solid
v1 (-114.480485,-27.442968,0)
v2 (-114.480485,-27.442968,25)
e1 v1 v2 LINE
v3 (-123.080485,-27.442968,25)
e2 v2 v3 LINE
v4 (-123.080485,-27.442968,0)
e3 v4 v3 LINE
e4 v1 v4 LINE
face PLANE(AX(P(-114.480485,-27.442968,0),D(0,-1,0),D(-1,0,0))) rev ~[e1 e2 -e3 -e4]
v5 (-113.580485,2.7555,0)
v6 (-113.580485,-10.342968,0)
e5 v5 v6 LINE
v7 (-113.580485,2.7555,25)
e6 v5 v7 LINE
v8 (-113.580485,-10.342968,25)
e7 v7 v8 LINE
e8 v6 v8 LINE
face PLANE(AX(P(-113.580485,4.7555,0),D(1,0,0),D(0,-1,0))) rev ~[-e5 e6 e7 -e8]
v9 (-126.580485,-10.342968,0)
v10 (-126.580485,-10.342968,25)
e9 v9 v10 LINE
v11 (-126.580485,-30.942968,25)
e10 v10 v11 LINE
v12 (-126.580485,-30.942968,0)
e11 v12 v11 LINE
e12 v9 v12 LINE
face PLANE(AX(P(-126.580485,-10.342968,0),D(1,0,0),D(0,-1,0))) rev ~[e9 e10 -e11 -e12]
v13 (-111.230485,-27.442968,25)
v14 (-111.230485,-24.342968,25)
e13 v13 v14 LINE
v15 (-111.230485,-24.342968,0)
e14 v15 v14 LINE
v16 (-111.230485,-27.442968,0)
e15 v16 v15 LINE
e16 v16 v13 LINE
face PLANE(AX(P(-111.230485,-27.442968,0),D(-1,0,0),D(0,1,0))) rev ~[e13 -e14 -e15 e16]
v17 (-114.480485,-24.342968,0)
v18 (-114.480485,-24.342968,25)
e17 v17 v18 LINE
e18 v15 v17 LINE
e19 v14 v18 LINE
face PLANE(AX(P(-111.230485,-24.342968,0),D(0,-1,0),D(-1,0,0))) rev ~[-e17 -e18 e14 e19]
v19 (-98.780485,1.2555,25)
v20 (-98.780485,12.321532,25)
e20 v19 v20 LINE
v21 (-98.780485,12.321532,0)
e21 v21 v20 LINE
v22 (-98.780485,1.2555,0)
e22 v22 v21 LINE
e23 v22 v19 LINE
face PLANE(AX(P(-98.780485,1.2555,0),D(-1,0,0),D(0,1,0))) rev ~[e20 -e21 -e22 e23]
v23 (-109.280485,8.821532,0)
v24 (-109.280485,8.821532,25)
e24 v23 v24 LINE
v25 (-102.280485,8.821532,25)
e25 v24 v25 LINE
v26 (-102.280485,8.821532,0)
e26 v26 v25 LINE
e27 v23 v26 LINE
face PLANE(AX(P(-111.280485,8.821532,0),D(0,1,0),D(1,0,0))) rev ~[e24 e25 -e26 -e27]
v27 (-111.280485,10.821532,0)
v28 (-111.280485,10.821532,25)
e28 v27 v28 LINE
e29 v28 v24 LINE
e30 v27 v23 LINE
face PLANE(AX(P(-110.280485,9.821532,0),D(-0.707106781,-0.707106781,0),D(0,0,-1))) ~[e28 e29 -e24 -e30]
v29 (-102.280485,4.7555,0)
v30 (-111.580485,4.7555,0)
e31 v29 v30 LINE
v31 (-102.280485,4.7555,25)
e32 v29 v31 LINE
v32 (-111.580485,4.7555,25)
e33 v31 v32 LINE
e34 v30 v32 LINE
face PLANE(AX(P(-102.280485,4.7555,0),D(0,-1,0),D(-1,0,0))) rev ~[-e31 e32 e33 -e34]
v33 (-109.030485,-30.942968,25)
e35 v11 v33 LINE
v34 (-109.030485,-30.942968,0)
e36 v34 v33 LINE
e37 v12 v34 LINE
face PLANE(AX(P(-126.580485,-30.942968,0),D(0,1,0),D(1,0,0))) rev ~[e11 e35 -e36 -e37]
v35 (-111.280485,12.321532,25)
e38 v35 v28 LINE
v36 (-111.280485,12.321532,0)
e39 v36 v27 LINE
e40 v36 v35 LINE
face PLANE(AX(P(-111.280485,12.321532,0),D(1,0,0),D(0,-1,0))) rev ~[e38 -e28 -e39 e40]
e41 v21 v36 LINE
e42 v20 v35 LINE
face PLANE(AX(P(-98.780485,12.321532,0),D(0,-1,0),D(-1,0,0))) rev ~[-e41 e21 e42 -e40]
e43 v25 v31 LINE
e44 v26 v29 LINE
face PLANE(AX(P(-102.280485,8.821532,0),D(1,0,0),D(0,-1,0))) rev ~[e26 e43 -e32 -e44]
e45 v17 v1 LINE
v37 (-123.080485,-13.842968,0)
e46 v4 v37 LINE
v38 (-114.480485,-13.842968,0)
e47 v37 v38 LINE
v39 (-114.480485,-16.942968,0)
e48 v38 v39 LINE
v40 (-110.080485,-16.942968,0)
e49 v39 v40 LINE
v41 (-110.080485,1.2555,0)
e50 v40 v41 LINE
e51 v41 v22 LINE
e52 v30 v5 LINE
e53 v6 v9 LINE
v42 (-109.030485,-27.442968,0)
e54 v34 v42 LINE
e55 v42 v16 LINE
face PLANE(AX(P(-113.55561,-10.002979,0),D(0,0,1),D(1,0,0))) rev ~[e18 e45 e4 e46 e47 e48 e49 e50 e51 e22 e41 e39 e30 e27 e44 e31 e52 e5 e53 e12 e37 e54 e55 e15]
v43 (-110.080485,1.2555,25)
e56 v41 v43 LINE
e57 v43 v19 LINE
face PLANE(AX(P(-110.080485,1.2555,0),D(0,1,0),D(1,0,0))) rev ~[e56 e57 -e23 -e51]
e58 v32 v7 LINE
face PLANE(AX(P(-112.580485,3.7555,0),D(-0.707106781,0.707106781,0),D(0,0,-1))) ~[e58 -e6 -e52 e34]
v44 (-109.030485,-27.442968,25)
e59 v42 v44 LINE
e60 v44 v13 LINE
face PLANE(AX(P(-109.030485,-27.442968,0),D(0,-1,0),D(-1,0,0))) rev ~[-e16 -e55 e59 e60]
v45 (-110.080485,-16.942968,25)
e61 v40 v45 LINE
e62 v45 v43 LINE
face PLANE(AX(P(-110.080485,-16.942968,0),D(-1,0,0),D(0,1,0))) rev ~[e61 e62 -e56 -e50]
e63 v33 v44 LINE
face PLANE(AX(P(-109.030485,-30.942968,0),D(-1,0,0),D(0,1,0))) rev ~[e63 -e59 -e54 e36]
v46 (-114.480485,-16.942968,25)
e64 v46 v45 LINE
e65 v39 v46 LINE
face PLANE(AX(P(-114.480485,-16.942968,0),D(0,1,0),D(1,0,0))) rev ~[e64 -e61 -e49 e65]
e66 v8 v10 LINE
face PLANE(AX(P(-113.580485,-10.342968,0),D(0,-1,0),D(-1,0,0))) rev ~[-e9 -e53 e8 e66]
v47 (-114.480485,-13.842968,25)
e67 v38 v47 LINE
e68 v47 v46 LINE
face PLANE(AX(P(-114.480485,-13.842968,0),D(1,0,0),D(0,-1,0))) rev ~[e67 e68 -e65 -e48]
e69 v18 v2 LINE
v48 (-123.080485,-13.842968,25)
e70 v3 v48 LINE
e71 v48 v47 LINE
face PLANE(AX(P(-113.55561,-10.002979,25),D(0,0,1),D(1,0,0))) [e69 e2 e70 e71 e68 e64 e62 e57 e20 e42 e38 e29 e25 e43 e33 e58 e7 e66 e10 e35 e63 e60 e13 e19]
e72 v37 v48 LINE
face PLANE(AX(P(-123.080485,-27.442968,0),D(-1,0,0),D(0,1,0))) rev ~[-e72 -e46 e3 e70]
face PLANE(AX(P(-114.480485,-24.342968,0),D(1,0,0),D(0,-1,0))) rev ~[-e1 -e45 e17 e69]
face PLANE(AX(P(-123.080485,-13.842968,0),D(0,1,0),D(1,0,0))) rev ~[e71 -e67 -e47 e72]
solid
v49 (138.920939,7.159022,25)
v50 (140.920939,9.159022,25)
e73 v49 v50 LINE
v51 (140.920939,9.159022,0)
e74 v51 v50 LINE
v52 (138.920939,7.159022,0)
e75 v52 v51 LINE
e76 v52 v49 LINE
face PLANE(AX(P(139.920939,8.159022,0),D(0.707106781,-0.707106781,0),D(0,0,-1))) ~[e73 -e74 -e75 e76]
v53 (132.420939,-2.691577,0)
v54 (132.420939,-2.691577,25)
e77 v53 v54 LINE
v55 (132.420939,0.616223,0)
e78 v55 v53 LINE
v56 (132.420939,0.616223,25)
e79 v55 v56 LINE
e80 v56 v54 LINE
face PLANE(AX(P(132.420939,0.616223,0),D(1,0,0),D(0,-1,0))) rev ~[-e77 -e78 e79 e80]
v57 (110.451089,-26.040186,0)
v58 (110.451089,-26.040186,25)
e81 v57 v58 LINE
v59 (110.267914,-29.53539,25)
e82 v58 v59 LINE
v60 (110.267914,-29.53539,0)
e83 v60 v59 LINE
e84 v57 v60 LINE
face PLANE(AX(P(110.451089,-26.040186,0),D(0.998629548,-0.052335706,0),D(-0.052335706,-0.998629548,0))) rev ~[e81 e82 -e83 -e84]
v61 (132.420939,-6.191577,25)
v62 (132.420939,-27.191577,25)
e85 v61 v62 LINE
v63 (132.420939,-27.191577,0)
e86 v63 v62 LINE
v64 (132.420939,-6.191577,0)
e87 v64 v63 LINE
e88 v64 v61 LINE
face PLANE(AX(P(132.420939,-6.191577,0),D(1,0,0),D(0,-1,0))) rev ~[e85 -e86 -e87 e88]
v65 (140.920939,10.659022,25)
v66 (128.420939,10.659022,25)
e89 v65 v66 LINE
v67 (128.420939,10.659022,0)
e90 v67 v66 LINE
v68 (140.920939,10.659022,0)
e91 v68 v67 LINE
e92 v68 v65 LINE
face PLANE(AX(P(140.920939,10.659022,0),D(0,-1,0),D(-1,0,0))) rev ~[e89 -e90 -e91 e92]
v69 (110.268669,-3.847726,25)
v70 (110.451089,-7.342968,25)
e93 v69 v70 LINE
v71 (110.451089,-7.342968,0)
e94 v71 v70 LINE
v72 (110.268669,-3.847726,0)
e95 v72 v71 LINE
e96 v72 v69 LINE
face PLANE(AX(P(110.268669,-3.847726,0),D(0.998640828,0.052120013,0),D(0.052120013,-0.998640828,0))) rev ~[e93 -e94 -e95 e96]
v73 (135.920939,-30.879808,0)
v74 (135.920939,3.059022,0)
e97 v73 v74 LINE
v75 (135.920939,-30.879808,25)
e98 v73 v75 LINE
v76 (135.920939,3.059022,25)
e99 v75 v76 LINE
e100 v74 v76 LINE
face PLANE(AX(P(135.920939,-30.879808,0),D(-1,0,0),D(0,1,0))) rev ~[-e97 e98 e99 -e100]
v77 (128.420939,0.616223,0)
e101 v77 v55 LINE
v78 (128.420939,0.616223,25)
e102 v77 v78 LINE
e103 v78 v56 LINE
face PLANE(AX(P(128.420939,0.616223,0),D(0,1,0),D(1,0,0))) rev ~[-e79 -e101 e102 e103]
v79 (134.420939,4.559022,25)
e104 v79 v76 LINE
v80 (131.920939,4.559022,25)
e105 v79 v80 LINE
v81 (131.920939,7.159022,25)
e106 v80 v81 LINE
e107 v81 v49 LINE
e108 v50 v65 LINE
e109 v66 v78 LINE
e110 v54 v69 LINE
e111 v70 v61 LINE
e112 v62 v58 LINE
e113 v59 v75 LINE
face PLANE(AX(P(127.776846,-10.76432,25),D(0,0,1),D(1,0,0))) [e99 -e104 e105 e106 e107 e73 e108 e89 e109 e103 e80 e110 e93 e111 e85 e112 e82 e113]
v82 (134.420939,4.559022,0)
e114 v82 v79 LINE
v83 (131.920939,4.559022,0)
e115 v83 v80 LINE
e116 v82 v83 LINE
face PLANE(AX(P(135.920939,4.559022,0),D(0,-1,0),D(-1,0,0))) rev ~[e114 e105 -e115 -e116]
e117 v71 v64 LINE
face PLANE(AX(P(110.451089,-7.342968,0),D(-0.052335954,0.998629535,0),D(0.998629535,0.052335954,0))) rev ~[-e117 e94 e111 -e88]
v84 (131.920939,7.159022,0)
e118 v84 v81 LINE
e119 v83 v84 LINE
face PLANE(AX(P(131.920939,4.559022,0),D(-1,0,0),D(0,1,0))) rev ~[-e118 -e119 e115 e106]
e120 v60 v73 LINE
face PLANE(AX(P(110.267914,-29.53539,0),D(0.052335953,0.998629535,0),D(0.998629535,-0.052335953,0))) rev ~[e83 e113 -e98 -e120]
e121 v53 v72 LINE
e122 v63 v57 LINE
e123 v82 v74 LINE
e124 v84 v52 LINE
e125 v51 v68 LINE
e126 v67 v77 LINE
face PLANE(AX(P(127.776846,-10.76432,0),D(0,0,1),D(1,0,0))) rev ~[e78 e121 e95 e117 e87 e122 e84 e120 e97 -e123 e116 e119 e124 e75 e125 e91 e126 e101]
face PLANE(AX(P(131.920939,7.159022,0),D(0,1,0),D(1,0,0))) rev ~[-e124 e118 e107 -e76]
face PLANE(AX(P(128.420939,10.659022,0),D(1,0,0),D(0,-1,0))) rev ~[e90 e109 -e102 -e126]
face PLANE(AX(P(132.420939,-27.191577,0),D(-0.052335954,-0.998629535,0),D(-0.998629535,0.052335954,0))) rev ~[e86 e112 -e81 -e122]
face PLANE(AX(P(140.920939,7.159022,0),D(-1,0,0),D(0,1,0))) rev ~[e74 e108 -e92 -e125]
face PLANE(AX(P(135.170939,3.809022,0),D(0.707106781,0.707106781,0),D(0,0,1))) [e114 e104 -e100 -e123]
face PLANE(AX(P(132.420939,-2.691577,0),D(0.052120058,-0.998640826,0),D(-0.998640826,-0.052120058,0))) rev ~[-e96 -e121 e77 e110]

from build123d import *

# Parameters (mm, degrees)
F1_DEPTH = 25
F2_SIZE  = 2
F3_SIZE  = 1.5


with BuildPart() as f1:
    # F0 (on Top) → F1 (new body)
    with BuildSketch(Plane.XY):
        Polygon((131.920939, 4.559022), (131.920939, 5.159022), (131.920939, 6.559022), (131.920939, 7.159022), (140.920939, 7.159022), (140.920939, 10.659022), (128.420939, 10.659022), (128.420939, 0.616223), (132.420939, 0.616223), (132.420939, -2.691577), (110.268669, -3.847726), (110.451089, -7.342968), (132.420939, -6.191577), (132.420939, -27.191577), (110.451089, -26.040186), (110.267914, -29.53539), (135.920939, -30.879808), (135.920939, 4.559022), align=None)
        Polygon((-114.480485, -16.942968), (-110.080485, -16.942968), (-110.080485, 1.2555), (-98.780485, 1.2555), (-98.780485, 12.321532), (-111.280485, 12.321532), (-111.280485, 8.821532), (-102.280485, 8.821532), (-102.280485, 4.7555), (-113.580485, 4.7555), (-113.580485, -10.342968), (-126.580485, -10.342968), (-126.580485, -30.942968), (-109.030485, -30.942968), (-109.030485, -27.442968), (-111.230485, -27.442968), (-111.230485, -24.342968), (-114.480485, -24.342968), (-114.480485, -27.442968), (-123.080485, -27.442968), (-123.080485, -13.842968), (-114.480485, -13.842968), align=None)
    extrude(amount=F1_DEPTH)

    # F2
    f2_edges = [f1.edges().sort_by_distance(p)[0] for p in [
        (140.920939, 7.159022, 12.5),
        (-111.280485, 8.821532, 12.5),
        (-113.580485, 4.7555, 12.5),
    ]]
    chamfer(f2_edges, length=F2_SIZE)

    # F3
    f3_edges = [f1.edges().sort_by_distance(p)[0] for p in [
        (135.920939, 4.559022, 12.5),
    ]]
    chamfer(f3_edges, length=F3_SIZE)


solid = f1.part
